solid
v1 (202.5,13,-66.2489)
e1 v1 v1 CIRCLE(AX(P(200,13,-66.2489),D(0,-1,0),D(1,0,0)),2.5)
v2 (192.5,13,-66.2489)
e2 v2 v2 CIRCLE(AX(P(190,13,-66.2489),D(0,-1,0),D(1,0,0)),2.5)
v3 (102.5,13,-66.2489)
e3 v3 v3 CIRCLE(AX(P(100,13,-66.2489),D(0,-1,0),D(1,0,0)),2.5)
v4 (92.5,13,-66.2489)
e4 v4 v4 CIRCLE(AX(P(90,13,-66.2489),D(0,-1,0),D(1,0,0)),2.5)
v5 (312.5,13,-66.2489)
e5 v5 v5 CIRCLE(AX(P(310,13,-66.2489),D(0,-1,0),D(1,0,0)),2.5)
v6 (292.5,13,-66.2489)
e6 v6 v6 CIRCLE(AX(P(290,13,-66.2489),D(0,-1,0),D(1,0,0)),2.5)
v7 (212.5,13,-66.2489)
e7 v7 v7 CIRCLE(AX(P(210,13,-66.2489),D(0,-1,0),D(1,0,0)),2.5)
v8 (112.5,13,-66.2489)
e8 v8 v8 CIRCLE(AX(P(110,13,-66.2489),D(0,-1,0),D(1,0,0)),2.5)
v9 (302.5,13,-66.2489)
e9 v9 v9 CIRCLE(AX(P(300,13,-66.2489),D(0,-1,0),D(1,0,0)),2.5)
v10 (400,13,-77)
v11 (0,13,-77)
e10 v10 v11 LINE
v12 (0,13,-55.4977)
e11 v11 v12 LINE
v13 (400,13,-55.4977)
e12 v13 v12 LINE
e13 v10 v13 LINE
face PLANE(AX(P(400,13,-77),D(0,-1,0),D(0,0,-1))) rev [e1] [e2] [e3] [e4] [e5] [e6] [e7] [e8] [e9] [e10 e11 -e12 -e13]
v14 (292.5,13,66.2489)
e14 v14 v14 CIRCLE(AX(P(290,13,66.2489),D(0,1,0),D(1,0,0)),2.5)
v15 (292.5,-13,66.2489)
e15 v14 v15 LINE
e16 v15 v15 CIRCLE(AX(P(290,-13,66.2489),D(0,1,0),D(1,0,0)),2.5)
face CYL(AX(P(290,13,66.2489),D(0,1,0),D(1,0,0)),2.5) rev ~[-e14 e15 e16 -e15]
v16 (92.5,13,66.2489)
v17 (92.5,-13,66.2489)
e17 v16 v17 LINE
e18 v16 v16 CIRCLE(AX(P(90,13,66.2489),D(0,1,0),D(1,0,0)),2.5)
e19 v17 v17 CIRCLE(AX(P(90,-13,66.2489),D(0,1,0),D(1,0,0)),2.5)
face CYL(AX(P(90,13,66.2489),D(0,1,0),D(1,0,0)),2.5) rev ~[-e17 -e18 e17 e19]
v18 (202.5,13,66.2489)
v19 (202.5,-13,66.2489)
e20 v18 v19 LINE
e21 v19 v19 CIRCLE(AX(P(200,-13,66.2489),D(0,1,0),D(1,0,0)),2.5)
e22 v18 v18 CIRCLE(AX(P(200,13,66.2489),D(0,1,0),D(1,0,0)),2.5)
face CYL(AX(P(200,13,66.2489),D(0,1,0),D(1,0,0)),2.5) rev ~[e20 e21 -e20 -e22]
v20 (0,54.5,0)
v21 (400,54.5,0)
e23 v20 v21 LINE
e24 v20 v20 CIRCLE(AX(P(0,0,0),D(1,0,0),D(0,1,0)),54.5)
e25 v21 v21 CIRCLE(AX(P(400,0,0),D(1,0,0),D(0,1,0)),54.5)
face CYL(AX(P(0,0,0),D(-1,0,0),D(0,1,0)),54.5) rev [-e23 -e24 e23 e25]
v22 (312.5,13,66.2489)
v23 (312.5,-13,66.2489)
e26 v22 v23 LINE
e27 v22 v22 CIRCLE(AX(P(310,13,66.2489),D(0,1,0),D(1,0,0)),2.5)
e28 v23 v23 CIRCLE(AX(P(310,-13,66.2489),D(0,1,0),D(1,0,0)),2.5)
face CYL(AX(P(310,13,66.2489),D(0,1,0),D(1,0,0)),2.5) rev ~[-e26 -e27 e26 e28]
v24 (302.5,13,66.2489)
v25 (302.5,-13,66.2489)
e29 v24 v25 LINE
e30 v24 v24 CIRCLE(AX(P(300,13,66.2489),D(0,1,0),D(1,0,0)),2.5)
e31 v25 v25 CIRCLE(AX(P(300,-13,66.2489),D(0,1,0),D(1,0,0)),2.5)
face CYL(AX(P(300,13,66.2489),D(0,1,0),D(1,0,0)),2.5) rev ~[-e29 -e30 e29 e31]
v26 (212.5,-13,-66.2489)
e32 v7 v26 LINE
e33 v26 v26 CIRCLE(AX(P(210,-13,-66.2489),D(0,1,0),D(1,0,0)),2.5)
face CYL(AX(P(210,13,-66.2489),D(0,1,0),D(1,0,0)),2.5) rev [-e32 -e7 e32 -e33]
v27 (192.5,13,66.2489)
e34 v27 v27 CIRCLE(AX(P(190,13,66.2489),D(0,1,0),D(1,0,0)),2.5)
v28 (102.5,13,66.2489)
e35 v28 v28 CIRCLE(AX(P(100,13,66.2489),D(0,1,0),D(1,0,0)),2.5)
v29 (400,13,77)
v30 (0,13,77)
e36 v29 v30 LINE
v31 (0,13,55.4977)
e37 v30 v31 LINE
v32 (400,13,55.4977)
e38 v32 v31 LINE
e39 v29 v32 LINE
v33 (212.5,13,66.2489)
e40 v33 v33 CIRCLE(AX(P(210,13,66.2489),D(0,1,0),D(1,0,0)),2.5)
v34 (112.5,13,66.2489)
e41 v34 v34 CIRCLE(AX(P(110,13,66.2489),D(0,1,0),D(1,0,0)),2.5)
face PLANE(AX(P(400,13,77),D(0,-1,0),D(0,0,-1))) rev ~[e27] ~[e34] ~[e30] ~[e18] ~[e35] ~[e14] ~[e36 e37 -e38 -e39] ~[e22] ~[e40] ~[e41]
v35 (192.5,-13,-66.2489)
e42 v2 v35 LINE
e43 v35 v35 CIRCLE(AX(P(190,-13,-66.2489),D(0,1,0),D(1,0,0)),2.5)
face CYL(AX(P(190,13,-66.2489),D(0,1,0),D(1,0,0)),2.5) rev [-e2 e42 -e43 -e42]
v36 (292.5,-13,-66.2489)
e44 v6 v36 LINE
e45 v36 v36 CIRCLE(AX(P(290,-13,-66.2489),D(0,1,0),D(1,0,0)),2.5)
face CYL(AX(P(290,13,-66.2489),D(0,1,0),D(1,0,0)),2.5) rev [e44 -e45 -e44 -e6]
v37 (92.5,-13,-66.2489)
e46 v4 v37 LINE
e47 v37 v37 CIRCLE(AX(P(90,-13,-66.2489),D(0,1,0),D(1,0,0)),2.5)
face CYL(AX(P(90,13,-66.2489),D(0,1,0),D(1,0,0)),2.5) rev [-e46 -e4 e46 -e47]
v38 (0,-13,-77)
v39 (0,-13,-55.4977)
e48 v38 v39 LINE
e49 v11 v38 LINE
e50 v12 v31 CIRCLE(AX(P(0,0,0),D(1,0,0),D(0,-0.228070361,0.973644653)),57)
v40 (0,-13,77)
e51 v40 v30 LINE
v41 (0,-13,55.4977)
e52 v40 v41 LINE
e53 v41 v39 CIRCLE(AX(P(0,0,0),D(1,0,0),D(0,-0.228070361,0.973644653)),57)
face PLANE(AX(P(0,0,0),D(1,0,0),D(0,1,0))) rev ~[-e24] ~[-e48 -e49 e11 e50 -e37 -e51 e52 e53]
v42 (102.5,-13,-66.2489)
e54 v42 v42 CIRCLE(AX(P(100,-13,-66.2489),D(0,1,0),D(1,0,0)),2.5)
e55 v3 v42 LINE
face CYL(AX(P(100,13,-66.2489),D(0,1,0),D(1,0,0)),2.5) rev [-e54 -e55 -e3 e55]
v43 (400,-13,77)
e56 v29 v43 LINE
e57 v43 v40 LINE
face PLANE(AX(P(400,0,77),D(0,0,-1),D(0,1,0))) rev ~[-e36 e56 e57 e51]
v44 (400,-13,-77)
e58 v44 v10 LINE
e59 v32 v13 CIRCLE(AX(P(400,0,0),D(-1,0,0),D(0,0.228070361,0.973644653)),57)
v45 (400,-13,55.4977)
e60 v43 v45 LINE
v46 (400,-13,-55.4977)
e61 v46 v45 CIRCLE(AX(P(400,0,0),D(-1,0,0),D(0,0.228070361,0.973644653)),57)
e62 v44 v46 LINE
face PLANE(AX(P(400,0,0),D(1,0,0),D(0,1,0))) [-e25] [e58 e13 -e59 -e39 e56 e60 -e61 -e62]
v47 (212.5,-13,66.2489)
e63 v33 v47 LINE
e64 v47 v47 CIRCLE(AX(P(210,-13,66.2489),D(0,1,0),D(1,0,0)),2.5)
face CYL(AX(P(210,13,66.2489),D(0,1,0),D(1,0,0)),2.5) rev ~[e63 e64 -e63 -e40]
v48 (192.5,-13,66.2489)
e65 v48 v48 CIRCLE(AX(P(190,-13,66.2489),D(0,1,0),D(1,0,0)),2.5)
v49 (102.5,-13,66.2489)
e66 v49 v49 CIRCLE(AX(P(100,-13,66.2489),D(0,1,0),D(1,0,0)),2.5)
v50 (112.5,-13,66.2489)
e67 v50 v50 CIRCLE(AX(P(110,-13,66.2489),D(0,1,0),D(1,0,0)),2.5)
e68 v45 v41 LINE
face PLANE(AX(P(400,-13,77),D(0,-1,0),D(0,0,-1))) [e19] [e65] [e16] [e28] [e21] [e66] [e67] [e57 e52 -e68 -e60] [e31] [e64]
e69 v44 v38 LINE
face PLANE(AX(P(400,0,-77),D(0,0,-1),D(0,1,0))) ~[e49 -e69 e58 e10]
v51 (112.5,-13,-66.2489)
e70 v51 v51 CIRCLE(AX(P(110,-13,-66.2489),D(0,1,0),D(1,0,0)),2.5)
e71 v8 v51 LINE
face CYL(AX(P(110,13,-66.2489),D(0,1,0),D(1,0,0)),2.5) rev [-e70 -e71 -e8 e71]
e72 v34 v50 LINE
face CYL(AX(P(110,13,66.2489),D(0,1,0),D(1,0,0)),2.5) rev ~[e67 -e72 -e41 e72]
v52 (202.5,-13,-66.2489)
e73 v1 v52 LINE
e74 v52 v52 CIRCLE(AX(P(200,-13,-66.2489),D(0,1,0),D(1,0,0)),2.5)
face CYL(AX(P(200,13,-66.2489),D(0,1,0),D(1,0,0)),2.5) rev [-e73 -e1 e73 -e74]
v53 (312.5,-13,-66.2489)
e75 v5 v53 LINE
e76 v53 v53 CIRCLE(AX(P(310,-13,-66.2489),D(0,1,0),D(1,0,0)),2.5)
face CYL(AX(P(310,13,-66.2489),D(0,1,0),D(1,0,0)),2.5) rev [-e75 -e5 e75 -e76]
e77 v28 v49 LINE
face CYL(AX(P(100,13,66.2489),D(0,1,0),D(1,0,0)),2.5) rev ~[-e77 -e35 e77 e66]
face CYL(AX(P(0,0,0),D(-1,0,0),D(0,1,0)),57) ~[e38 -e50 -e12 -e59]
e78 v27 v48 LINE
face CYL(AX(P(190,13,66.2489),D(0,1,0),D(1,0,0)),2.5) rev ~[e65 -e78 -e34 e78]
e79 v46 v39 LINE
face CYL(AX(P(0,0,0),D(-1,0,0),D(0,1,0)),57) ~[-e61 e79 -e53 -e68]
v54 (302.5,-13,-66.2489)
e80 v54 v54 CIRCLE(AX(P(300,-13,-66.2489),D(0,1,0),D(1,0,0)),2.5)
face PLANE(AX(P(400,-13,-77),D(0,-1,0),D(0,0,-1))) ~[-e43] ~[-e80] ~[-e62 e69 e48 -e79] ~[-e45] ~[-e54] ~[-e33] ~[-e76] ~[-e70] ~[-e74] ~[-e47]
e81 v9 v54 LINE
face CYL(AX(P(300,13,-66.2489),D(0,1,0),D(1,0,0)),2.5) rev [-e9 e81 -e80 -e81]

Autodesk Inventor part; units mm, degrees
ref_plane "YZ Plane" through (0, 0, 0) normal (1, 0, 0) x (0, 1, 0)
ref_plane "XZ Plane" through (0, 0, 0) normal (0, 1, 0) x (-1, 0, 0)
sketch "Sketch1" plane through (0, 0, 0) normal (1, 0, 0) x (0, 1, 0)
  circle A0 centre (0, 0) radius 54.5
  circle A1 centre (0, 0) radius 57
  dimension "d0" = 109
  dimension "d1" = 114
extrude "Extrusion1" add sketch "Sketch1" along normal blind 400
sketch "Sketch2" plane through (400, 0, 0) normal (1, 0, 0) x (0, 0, -1)
  circle A0 centre (0, 0) radius 57 projected
  line L0 (-77, 0) -> (-77, 13)
  line L1 (-77, 13) -> (-77, -13)
  line L2 (-77, -13) -> (-55.4977, -13)
  line L3 (-77, 13) -> (-55.4977, 13)
  line L4 (-55.4977, 13) -> (-77, 13)
  line L5 (-77, 13) -> (-77, -13)
  line L6 (-77, -13) -> (-55.4977, -13)
  arc A1 (-55.4977, 13) -> (-55.4977, -13) centre (0, 0) ccw
  dimension "d5" = 13
  dimension "d6" = 26
extrude "Extrusion2" add sketch "Sketch2" against normal blind 400 contours A0 L2 L1 L0 L3
ref_plane "Work Plane1" through (0, 0, 0) normal (0, 0, 1) x (1, 0, 0)
mirror "Mirror1" about plane through (0, 0, 0) normal (0, 0, 1) of "Extrusion2"
sketch "Sketch3" plane through (400, 13, 77) normal (0, 1, 0) x (1, 0, 0)
  line L0 (-400, 21.5023) -> (-400, 0) projected
  line L1 (0, 0) -> (0, 21.5023) projected
  circle A0 centre (-200, 10.7511) radius 2.5
  circle A1 centre (-100, 10.7511) radius 2.5
  circle A2 centre (-300, 10.7511) radius 2.5
  circle A3 centre (-190, 10.7511) radius 2.5
  circle A4 centre (-210, 10.7511) radius 2.5
  circle A5 centre (-290, 10.7511) radius 2.5
  circle A6 centre (-310, 10.7511) radius 2.5
  circle A7 centre (-90, 10.7511) radius 2.5
  circle A8 centre (-110, 10.7511) radius 2.5
  point P0 (-400, 77)
extrude "Extrusion4" cut sketch "Sketch3" against normal blind 400
mirror "Mirror3" about plane through (0, 0, 0) normal (0, 0, 1) of "Extrusion4"
